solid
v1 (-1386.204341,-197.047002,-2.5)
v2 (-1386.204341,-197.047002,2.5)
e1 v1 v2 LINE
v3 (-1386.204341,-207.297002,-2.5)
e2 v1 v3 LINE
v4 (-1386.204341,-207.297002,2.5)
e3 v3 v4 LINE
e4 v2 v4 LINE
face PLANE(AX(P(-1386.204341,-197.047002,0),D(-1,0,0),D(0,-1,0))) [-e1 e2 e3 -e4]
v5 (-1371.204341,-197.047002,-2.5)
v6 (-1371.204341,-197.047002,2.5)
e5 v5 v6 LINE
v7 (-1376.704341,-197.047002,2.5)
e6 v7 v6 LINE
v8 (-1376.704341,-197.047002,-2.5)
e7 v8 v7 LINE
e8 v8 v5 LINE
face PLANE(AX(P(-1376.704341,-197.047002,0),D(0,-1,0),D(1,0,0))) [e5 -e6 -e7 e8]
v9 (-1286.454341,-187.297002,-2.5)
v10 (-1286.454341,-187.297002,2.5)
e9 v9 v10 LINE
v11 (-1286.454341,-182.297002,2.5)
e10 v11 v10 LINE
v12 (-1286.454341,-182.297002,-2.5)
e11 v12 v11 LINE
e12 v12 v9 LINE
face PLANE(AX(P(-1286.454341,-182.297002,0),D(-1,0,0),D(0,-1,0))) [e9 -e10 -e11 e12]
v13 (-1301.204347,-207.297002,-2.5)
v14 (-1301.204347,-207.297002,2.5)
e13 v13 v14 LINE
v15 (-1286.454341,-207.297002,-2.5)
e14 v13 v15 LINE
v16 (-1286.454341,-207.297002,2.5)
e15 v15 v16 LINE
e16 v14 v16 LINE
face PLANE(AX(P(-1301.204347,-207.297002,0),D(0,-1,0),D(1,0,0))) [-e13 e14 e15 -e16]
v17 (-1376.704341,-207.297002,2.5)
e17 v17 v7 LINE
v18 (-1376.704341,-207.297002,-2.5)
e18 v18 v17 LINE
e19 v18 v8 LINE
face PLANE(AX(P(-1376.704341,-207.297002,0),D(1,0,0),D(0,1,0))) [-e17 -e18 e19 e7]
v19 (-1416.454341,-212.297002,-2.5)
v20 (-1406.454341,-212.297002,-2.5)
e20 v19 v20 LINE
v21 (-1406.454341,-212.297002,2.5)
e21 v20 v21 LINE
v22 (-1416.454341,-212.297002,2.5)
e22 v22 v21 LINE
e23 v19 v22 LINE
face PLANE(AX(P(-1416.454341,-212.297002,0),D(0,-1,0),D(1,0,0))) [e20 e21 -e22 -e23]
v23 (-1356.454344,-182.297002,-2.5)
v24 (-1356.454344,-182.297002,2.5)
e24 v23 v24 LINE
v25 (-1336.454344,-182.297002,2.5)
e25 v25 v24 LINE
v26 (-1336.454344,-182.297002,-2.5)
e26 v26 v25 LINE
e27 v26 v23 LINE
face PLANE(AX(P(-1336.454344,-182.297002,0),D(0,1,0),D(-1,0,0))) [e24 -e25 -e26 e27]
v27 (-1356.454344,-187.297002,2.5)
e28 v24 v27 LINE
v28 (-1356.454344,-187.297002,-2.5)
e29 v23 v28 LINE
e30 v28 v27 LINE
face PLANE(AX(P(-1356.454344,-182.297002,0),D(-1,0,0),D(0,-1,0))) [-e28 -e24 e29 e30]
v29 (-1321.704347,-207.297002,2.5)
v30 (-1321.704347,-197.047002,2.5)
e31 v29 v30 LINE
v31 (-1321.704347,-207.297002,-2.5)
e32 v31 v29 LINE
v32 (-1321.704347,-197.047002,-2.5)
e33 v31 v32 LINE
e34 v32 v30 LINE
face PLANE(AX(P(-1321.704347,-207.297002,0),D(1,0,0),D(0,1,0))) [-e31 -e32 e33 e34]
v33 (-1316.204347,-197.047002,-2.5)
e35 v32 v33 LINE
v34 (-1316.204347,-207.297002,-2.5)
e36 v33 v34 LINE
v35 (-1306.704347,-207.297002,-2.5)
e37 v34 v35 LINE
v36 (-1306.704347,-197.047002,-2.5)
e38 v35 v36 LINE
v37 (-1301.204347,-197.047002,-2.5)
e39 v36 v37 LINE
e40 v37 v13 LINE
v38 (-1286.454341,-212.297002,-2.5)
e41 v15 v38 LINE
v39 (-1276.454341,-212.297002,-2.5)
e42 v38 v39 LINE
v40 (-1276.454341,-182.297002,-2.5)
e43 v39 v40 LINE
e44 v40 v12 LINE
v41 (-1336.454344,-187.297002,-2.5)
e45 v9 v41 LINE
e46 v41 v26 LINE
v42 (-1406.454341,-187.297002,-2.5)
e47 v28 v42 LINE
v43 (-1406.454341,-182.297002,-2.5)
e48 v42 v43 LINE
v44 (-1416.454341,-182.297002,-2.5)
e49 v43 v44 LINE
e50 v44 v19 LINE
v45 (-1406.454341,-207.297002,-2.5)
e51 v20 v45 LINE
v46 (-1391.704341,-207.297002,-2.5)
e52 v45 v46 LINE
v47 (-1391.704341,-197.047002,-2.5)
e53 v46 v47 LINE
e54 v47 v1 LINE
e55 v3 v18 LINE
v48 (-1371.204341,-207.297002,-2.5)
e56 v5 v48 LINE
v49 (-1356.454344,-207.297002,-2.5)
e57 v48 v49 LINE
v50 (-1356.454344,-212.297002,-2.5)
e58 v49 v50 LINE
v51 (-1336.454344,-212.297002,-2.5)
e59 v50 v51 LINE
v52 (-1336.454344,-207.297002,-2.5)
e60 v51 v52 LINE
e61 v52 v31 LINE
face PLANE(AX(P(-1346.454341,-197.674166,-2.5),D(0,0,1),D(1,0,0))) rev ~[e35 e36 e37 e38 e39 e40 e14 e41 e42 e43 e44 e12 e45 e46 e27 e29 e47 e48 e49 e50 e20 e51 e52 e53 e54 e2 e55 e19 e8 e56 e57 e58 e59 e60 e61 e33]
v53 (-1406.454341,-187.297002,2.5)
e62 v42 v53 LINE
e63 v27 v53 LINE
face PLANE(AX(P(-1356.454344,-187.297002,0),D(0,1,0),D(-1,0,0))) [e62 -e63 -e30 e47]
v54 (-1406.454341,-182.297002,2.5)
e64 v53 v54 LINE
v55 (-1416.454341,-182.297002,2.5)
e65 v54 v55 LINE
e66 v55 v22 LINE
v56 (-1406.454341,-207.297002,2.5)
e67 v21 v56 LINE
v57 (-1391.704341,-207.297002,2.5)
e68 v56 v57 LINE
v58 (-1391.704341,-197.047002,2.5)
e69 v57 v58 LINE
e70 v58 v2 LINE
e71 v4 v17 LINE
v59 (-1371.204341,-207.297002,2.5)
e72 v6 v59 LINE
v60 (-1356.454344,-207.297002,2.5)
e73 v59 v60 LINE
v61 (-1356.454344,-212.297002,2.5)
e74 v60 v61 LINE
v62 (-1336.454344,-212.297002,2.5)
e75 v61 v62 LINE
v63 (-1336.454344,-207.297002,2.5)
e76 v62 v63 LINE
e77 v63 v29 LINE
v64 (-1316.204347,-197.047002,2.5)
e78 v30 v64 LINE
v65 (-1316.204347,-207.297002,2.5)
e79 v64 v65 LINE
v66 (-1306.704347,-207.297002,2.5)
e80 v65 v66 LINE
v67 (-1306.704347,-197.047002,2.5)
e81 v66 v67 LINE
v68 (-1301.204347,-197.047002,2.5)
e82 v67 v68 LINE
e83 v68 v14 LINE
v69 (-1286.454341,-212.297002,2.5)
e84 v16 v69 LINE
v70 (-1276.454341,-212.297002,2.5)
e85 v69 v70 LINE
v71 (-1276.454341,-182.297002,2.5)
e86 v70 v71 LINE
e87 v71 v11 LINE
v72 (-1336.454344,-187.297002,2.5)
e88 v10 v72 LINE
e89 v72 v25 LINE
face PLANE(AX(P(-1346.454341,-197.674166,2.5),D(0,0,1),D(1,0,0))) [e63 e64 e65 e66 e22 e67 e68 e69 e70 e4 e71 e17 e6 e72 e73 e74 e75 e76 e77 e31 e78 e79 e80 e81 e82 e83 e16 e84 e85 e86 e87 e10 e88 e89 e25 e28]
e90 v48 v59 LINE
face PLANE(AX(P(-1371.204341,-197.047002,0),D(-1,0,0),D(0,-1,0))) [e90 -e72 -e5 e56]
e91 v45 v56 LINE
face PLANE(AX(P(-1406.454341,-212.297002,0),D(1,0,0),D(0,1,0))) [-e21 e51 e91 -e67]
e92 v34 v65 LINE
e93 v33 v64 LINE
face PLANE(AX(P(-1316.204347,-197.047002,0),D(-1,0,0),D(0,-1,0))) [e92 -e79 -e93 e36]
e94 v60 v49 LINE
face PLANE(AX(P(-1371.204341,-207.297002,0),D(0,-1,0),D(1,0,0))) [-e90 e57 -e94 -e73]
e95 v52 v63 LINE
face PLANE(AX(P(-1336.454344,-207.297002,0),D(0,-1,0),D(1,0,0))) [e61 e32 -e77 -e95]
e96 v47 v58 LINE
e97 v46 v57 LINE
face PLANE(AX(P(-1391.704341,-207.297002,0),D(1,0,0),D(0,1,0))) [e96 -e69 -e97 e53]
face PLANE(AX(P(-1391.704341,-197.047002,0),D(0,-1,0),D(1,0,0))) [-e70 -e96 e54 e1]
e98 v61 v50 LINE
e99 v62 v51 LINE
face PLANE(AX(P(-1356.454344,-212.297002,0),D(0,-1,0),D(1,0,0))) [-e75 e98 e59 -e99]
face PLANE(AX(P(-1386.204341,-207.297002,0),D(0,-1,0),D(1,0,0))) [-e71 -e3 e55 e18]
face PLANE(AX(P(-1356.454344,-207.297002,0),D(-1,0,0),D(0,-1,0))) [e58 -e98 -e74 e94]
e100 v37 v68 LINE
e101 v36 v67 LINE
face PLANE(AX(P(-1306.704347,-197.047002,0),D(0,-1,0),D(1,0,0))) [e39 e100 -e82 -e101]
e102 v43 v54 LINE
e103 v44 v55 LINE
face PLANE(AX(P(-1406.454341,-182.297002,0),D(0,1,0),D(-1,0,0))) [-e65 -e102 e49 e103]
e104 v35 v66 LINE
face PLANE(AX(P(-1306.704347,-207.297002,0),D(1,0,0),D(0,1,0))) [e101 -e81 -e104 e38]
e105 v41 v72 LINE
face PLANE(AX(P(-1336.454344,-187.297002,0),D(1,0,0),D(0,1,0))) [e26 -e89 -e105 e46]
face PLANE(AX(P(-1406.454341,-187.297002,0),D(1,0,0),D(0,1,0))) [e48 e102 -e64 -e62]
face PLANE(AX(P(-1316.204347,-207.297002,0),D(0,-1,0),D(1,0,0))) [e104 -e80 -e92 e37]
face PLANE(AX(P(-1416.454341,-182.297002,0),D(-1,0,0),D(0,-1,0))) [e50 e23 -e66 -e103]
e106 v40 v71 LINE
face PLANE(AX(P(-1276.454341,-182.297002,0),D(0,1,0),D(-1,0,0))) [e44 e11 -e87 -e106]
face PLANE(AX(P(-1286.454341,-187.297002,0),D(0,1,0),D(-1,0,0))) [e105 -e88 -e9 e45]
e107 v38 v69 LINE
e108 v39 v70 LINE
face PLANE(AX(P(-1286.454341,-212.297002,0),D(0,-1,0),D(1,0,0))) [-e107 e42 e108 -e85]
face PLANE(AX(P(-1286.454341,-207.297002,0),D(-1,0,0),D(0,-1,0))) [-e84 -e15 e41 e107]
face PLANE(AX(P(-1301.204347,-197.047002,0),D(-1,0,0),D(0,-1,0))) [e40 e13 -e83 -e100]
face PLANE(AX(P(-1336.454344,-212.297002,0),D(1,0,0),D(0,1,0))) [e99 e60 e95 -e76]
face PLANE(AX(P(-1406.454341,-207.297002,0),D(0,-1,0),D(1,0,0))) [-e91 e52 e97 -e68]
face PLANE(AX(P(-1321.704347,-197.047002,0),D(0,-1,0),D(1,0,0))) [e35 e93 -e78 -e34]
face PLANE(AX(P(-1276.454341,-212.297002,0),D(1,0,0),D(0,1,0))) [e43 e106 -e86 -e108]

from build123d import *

# Parameters (mm, degrees)
BOSS_EXTRUDE1_DEPTH = 2.5


with BuildPart() as part:
    # Sketch2 → Boss-Extrude1 (new, symmetric)
    with BuildSketch(Plane.XY):
        Polygon((-1336.454343847, -212.29700175), (-1336.454343847, -207.29700175), (-1321.70434708, -207.29700175), (-1321.70434708, -197.04700175), (-1316.20434708, -197.04700175), (-1316.20434708, -207.29700175), (-1306.70434708, -207.29700175), (-1306.70434708, -197.04700175), (-1301.20434708, -197.04700175), (-1301.20434708, -207.29700175), (-1286.454340614, -207.29700175), (-1286.454340614, -212.29700175), (-1276.454340614, -212.29700175), (-1276.454340614, -182.29700175), (-1286.454340614, -182.29700175), (-1286.454340614, -187.29700175), (-1336.454343847, -187.29700175), (-1336.454343847, -182.29700175), (-1356.454343847, -182.29700175), (-1356.454343847, -187.29700175), (-1406.454340614, -187.29700175), (-1406.454340614, -182.29700175), (-1416.454340614, -182.29700175), (-1416.454340614, -212.29700175), (-1406.454340614, -212.29700175), (-1406.454340614, -207.29700175), (-1391.704340614, -207.29700175), (-1391.704340614, -197.04700175), (-1386.204340614, -197.04700175), (-1386.204340614, -207.29700175), (-1376.704340614, -207.29700175), (-1376.704340614, -197.04700175), (-1371.204340614, -197.04700175), (-1371.204340614, -207.29700175), (-1356.454343847, -207.29700175), (-1356.454343847, -212.29700175), align=None)
    extrude(amount=BOSS_EXTRUDE1_DEPTH, both=True)


solid = part.part
